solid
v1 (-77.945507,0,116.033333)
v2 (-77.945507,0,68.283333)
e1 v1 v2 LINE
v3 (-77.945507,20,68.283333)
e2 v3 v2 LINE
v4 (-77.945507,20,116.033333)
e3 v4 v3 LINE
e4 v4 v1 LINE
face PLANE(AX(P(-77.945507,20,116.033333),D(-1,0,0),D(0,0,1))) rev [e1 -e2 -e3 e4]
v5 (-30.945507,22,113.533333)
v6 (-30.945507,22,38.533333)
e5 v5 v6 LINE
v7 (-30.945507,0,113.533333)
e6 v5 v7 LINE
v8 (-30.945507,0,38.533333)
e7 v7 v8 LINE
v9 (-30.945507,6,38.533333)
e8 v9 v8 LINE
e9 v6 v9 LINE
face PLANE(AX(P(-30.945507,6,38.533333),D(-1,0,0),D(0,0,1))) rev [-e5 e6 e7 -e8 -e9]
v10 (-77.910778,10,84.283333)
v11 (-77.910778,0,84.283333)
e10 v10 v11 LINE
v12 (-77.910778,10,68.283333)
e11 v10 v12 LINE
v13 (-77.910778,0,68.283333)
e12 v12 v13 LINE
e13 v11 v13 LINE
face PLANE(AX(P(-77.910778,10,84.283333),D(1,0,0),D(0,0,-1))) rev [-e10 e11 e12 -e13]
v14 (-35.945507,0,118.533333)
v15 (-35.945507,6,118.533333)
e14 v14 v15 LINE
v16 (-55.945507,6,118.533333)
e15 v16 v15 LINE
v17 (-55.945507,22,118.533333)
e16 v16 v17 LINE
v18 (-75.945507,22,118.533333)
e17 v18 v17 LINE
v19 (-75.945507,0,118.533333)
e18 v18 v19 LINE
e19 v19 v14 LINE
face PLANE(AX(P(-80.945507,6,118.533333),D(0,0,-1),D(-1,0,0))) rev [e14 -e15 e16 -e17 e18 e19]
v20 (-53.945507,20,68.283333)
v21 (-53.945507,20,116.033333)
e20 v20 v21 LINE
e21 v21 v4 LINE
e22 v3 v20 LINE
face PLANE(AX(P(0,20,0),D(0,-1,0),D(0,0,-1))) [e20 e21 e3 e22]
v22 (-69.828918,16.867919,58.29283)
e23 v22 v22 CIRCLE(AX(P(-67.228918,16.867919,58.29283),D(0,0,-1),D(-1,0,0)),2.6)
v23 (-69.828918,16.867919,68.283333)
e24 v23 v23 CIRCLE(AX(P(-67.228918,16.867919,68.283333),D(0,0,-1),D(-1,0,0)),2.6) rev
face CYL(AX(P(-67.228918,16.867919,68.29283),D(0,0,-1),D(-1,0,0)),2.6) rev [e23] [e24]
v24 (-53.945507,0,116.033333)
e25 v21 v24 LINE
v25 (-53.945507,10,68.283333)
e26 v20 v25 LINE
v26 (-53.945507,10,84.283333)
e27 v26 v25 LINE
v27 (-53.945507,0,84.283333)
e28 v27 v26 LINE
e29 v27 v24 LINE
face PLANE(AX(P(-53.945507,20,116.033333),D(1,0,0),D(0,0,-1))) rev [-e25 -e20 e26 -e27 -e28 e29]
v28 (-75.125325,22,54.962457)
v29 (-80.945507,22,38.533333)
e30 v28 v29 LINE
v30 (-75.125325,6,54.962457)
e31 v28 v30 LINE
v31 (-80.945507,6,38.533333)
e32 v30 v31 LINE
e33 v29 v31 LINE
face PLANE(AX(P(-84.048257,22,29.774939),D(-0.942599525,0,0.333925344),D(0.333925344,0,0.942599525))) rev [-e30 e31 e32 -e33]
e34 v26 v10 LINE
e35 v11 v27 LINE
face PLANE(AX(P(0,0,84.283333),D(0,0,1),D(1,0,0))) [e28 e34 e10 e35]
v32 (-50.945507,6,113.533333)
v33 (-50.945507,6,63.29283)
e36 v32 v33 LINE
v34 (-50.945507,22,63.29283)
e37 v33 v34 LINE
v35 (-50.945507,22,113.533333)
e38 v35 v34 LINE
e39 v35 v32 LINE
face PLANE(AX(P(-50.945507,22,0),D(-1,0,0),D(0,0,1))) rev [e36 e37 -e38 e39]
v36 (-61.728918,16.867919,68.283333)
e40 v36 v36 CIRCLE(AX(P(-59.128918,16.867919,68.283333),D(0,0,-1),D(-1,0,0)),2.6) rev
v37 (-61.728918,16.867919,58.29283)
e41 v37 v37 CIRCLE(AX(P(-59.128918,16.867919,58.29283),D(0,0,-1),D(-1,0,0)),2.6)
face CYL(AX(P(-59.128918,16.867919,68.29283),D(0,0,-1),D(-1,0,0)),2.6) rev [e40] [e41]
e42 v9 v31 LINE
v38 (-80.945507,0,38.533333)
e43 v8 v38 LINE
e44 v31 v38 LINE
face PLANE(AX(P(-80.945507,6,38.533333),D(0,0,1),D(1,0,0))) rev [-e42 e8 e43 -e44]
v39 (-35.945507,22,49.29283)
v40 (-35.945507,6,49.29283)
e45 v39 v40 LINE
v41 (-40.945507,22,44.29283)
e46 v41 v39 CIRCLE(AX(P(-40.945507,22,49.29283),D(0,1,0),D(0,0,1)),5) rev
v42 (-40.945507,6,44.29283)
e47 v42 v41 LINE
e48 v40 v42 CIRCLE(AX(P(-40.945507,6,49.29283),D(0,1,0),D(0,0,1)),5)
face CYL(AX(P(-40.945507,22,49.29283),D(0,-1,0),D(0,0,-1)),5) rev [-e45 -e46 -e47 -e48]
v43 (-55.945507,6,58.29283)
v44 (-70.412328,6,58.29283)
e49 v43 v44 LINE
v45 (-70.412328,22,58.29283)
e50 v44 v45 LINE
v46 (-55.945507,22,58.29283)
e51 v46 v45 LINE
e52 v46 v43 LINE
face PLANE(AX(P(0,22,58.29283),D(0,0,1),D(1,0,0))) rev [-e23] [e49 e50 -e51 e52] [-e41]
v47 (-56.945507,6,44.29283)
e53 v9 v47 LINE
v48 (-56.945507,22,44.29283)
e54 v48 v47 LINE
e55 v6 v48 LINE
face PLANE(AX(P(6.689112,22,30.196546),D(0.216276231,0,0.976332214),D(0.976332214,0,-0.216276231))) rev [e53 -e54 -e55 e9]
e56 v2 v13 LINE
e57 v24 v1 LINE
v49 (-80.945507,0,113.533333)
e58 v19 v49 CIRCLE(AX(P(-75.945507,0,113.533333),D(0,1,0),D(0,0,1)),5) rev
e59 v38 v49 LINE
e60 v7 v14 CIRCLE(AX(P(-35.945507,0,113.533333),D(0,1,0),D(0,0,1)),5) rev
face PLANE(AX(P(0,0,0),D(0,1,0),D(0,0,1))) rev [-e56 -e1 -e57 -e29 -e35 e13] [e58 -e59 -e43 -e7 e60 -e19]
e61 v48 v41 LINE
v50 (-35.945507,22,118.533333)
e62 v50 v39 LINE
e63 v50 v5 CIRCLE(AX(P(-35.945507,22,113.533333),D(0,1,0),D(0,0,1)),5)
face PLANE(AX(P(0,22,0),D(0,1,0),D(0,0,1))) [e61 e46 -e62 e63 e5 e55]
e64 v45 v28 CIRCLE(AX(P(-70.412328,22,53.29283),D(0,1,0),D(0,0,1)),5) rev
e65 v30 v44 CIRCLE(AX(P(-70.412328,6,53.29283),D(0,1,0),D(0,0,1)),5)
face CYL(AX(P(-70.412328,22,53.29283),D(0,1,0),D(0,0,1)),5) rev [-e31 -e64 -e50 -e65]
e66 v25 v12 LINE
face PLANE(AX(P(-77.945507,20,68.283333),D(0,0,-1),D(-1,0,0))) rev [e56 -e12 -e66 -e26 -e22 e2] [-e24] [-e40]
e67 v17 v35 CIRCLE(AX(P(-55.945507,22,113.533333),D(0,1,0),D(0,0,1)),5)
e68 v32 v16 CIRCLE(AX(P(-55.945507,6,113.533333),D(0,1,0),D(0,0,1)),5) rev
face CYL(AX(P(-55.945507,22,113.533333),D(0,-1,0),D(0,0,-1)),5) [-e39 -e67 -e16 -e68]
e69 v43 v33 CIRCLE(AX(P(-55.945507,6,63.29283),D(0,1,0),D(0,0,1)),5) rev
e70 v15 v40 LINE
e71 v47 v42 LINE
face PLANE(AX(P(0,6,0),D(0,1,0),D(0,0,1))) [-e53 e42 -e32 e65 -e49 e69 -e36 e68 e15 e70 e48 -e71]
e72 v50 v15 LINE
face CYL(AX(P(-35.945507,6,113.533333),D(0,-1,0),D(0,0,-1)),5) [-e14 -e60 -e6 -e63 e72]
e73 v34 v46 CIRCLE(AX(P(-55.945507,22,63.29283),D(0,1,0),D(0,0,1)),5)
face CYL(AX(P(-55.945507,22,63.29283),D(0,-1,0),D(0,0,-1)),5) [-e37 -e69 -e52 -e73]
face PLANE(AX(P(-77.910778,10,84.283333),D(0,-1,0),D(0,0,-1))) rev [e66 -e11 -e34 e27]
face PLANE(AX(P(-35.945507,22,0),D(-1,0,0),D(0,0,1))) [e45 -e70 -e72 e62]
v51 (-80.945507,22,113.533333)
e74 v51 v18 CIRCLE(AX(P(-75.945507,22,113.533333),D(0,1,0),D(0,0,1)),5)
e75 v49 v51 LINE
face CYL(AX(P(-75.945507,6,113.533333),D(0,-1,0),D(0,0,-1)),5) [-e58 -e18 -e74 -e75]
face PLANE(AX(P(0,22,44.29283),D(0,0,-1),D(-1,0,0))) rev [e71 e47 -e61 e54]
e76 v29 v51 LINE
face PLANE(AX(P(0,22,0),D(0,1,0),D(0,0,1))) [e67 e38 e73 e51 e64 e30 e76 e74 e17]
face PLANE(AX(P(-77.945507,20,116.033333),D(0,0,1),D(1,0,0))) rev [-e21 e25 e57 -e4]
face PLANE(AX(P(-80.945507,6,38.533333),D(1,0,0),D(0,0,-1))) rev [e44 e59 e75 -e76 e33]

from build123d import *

# Parameters (mm, degrees)
SKETCH1_W           = 50
SKETCH1_H           = 80
BOSS_EXTRUDE1_DEPTH = 6
BOSS_EXTRUDE2_DEPTH = 16
FILLET1_R           = 5
FILLET2_R           = 5
SKETCH3_R           = 2.6
CUT_EXTRUDE1_DEPTH  = 10
SKETCH4_W           = 24
SKETCH4_H           = 47.75
CUT_EXTRUDE3_DEPTH  = 20
SKETCH5_W           = 23.965270804
SKETCH5_H           = 10
BOSS_EXTRUDE3_DEPTH = 16
FILLET3_R           = 5


with BuildPart() as part:
    # Sketch1 → Boss-Extrude1 (new body)
    with BuildSketch(Plane(origin=(0, 0, 0), x_dir=(1, 0, 0), z_dir=(0, 1, 0))):
        with Locations((-55.945507312, -78.533333333)):
            Rectangle(SKETCH1_W, SKETCH1_H)
    extrude(amount=BOSS_EXTRUDE1_DEPTH)

    # Sketch2 → Boss-Extrude2 (add)
    with BuildSketch(Plane(origin=(0, 6, 0), x_dir=(1, 0, 0), z_dir=(0, 1, 0))):
        Polygon((-80.945507312, -38.533333333), (-80.945507312, -118.533333333), (-50.945507312, -118.533333333), (-50.945507312, -58.292829883), (-73.945507312, -58.292829883), align=None)
        Polygon((-35.945507312, -44.292829883), (-35.945507312, -118.533333333), (-30.945507312, -118.533333333), (-30.945507312, -38.533333333), (-56.945507312, -44.292829883), align=None)
    extrude(amount=BOSS_EXTRUDE2_DEPTH)

    # Fillet1
    fillet1_edges = [part.edges().sort_by_distance(p)[0] for p in [
        (-50.945507312, 14, 58.292829883),
        (-73.945507312, 14, 58.292829883),
    ]]
    fillet(fillet1_edges, radius=FILLET1_R)

    # Fillet2
    fillet2_edges = [part.edges().sort_by_distance(p)[0] for p in [
        (-35.945507312, 14, 44.292829883),
    ]]
    fillet(fillet2_edges, radius=FILLET2_R)

    # Sketch3 → Cut-Extrude1 (cut)
    with BuildSketch(Plane(origin=(0, 0, 58.292829883), x_dir=(-1, 0, 0), z_dir=(0, 0, -1))):
        with Locations((59.128917582, 16.867919386)):
            Circle(SKETCH3_R)
        with Locations((67.228917582, 16.867919386)):
            Circle(SKETCH3_R)
    extrude(amount=-CUT_EXTRUDE1_DEPTH, mode=Mode.SUBTRACT)

    # Sketch4 → Cut-Extrude3 (cut)
    with BuildSketch(Plane.XZ):
        with Locations((-65.945507312, 92.158333333)):
            Rectangle(SKETCH4_W, SKETCH4_H)
    extrude(amount=-CUT_EXTRUDE3_DEPTH, mode=Mode.SUBTRACT)

    # Sketch5 → Boss-Extrude3 (add)
    with BuildSketch(Plane.XY.offset(68.283333333)):
        with Locations((-65.928142714, 5)):
            Rectangle(SKETCH5_W, SKETCH5_H)
    extrude(amount=BOSS_EXTRUDE3_DEPTH)

    # Fillet3
    fillet3_edges = [part.edges().sort_by_distance(p)[0] for p in [
        (-50.945507312, 14, 118.533333333),
        (-30.945507312, 11, 118.533333333),
        (-80.945507312, 11, 118.533333333),
    ]]
    fillet(fillet3_edges, radius=FILLET3_R)


solid = part.part
